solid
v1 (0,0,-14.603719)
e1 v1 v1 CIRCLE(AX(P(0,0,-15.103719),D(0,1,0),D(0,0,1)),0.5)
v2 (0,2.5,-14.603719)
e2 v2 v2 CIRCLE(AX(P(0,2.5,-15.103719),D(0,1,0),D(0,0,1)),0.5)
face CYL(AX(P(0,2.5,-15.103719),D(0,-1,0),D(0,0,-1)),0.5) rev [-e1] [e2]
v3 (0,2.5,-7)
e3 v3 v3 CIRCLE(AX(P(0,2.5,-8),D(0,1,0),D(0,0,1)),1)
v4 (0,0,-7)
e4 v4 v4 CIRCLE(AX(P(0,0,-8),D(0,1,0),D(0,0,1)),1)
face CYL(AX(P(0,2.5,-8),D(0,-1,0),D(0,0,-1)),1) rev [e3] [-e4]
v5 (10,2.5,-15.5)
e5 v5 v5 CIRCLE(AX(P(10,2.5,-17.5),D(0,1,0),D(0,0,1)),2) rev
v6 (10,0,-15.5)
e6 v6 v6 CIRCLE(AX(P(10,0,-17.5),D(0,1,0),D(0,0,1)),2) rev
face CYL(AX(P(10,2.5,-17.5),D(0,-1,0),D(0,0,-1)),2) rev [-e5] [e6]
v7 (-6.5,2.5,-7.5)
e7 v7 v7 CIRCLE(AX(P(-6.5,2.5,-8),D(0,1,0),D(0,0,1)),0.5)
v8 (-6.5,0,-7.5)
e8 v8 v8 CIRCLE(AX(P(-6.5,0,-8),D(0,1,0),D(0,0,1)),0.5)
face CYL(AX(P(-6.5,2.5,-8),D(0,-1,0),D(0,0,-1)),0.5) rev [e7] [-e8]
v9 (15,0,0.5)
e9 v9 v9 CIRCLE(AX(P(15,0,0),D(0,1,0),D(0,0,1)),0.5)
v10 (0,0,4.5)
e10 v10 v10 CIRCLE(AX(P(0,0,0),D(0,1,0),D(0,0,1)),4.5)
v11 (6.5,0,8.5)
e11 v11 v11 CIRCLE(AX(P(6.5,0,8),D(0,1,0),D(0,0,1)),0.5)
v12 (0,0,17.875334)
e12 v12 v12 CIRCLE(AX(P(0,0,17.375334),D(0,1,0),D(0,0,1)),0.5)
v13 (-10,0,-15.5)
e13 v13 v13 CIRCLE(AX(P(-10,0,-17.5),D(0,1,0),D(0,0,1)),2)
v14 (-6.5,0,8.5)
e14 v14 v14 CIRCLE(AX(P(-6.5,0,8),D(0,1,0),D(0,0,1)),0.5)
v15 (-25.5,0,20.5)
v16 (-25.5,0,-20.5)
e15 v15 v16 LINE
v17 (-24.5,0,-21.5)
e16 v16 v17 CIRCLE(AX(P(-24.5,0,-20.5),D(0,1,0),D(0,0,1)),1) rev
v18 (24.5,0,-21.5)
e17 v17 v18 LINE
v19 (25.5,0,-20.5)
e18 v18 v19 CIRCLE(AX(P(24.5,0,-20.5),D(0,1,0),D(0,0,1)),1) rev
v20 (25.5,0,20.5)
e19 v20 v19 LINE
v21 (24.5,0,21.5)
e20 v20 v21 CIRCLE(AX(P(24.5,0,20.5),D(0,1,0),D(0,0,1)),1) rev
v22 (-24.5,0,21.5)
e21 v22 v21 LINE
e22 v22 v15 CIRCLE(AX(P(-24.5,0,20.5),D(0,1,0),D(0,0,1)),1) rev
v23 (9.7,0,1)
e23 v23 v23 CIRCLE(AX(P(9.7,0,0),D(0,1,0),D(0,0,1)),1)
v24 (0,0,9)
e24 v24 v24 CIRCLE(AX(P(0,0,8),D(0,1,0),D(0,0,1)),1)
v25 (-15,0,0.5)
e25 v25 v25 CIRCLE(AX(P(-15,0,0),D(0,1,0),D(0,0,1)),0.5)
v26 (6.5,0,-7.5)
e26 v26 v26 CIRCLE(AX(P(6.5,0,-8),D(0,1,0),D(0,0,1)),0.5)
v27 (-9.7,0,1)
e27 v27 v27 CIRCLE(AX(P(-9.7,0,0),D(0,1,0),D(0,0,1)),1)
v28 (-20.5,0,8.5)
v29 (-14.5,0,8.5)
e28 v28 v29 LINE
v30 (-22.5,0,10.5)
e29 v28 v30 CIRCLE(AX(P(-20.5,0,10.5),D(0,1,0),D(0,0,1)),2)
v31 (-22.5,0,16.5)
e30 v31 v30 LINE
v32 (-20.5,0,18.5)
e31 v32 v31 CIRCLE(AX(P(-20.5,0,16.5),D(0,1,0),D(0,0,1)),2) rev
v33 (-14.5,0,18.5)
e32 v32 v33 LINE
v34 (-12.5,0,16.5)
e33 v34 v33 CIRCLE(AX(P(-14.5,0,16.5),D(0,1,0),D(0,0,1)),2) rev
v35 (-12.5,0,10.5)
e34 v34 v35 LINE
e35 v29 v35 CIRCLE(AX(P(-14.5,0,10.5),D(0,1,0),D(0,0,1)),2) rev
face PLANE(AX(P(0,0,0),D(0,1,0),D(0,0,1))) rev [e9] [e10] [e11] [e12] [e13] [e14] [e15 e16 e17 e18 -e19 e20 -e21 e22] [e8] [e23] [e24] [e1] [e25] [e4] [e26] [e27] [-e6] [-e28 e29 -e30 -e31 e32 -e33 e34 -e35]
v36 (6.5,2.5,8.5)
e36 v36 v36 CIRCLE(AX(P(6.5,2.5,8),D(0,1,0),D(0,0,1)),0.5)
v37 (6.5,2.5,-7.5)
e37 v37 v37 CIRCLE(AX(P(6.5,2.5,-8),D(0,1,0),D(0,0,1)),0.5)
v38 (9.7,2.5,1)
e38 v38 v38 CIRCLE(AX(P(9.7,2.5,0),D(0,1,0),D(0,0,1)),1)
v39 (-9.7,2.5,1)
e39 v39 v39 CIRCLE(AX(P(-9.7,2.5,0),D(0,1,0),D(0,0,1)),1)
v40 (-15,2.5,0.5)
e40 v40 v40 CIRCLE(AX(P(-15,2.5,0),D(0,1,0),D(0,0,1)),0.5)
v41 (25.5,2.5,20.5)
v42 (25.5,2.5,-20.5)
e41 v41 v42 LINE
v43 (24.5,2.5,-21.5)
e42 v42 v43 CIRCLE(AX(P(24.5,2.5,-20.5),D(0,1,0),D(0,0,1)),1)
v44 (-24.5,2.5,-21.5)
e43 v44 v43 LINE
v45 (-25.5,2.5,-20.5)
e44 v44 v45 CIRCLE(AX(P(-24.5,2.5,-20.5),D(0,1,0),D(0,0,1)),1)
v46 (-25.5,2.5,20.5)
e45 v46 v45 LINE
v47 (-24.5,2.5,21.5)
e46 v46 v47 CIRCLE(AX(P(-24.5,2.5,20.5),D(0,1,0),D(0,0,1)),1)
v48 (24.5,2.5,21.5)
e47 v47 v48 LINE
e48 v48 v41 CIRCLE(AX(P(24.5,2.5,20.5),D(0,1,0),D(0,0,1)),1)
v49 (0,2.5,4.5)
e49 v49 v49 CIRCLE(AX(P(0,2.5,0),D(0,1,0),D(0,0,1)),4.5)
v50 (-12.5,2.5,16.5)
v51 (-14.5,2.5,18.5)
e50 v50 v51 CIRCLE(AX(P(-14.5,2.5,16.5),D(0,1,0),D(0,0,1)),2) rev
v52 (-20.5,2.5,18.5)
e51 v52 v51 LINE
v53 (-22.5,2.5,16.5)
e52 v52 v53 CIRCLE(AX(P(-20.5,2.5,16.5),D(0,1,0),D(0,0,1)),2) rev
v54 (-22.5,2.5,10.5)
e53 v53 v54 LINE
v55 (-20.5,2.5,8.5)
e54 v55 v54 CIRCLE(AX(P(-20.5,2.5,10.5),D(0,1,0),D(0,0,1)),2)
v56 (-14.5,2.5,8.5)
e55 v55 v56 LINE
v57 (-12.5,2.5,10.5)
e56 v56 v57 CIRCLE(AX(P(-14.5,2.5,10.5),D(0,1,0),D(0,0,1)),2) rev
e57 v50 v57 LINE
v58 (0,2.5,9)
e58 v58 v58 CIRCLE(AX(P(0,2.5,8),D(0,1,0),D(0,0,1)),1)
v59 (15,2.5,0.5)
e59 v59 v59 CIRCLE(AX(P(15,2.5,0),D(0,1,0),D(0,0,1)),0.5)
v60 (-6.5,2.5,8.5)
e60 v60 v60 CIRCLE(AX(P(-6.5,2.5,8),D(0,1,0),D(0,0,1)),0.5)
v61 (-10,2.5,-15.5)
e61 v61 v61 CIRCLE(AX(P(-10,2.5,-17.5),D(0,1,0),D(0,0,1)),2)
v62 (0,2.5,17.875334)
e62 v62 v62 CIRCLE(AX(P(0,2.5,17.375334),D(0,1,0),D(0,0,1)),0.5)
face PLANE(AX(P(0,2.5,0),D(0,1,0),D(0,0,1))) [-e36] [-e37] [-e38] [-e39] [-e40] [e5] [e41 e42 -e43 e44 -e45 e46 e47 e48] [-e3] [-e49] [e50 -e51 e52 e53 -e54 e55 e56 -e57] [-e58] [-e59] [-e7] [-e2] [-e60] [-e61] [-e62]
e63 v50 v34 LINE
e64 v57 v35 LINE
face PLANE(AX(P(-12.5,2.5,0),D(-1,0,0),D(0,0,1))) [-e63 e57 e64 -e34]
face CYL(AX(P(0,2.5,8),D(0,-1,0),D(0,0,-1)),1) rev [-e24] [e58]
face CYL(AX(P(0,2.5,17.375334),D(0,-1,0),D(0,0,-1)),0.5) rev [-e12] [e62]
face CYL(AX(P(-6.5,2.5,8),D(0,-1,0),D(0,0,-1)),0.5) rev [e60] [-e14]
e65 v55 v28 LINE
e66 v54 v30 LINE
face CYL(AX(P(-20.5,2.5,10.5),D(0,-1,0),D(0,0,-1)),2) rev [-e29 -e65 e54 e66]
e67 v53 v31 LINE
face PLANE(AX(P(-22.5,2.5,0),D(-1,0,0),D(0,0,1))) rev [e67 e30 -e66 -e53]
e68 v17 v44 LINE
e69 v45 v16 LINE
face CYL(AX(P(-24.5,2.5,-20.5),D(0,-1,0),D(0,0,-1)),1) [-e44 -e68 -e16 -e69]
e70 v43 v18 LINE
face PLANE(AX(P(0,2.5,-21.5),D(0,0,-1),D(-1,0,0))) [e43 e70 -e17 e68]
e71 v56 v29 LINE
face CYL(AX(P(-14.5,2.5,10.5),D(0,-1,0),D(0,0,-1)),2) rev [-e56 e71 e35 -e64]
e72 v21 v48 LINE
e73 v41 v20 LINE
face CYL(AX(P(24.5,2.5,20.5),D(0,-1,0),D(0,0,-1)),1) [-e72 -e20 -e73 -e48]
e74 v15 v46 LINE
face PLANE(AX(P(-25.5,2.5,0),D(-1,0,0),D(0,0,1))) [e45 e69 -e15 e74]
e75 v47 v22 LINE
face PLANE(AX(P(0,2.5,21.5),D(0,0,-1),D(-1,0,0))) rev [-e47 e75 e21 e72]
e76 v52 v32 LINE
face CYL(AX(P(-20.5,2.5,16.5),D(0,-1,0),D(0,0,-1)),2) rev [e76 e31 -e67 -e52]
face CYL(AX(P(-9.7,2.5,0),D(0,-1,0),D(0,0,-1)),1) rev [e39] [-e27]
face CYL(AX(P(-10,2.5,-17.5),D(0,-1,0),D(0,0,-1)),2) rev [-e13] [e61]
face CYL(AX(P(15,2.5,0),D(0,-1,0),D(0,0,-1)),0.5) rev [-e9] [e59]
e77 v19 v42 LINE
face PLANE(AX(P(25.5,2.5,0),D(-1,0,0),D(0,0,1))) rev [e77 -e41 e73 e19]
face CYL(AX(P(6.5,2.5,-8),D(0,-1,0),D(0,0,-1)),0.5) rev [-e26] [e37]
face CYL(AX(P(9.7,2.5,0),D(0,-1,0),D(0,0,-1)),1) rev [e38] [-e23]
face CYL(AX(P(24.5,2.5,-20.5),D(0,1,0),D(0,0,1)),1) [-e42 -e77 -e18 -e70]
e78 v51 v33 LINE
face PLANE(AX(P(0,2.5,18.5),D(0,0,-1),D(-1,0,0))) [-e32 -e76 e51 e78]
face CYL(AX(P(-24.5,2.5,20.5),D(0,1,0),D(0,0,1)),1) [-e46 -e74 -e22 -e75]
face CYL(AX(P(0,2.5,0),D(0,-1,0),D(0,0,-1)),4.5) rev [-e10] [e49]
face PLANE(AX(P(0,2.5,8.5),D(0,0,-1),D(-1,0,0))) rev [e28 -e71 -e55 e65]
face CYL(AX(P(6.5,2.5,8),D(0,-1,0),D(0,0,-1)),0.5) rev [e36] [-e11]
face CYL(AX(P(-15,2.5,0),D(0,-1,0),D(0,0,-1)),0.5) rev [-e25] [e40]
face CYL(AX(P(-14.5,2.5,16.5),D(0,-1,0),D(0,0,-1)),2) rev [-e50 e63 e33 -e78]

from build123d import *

# Parameters (mm, degrees)
SKETCH1_W           = 51
SKETCH1_H           = 43
SKETCH1_R           = 4.5
SKETCH1_R_2         = 1
SKETCH1_R_3         = 2
SKETCH1_R_4         = 0.5
BOSS_EXTRUDE1_DEPTH = 2.5
FILLET1_R           = 1


with BuildPart() as part:
    # Sketch1 → Boss-Extrude1 (new body)
    with BuildSketch(Plane(origin=(0, 0, 0), x_dir=(1, 0, 0), z_dir=(0, 1, 0))):
        Rectangle(SKETCH1_W, SKETCH1_H)
        with Locations(Location((0, 0, 0), (0, 0, 270))):
            Circle(SKETCH1_R, mode=Mode.SUBTRACT)
        with Locations(Location((9.7, 0, 0), (0, 0, 270))):
            Circle(SKETCH1_R_2, mode=Mode.SUBTRACT)
        with Locations(Location((-9.7, 0, 0), (0, 0, 270))):
            Circle(SKETCH1_R_2, mode=Mode.SUBTRACT)
        with Locations(Location((0, 8, 0), (0, 0, 270))):
            Circle(SKETCH1_R_2, mode=Mode.SUBTRACT)
        with Locations(Location((0, -8, 0), (0, 0, 270))):
            Circle(SKETCH1_R_2, mode=Mode.SUBTRACT)
        with Locations(Location((-10, 17.5, 0), (0, 0, 270))):
            Circle(SKETCH1_R_3, mode=Mode.SUBTRACT)
        with Locations(Location((10, 17.5, 0), (0, 0, 270))):
            Circle(SKETCH1_R_3, mode=Mode.SUBTRACT)
        with Locations(Location((-15, 0, 0), (0, 0, 270))):
            Circle(SKETCH1_R_4, mode=Mode.SUBTRACT)
        with Locations(Location((15, 0, 0), (0, 0, 270))):
            Circle(SKETCH1_R_4, mode=Mode.SUBTRACT)
        with Locations(Location((0, -17.375333522, 0), (0, 0, 270))):
            Circle(SKETCH1_R_4, mode=Mode.SUBTRACT)
        with Locations(Location((0, 15.103719109, 0), (0, 0, 270))):
            Circle(SKETCH1_R_4, mode=Mode.SUBTRACT)
        with Locations(Location((6.5, 8, 0), (0, 0, 270))):
            Circle(SKETCH1_R_4, mode=Mode.SUBTRACT)
        with Locations(Location((-6.5, 8, 0), (0, 0, 270))):
            Circle(SKETCH1_R_4, mode=Mode.SUBTRACT)
        with Locations(Location((-6.5, -8, 0), (0, 0, 270))):
            Circle(SKETCH1_R_4, mode=Mode.SUBTRACT)
        with Locations(Location((6.5, -8, 0), (0, 0, 270))):
            Circle(SKETCH1_R_4, mode=Mode.SUBTRACT)
        with BuildLine():
            Line((-20.5, -18.5), (-14.5, -18.5))
            ThreePointArc((-14.5, -18.5), (-13.085786438, -17.914213562), (-12.5, -16.5))
            Line((-12.5, -16.5), (-12.5, -10.5))
            ThreePointArc((-12.5, -10.5), (-13.085786438, -9.085786438), (-14.5, -8.5))
            Line((-14.5, -8.5), (-20.5, -8.5))
            ThreePointArc((-20.5, -8.5), (-21.914213562, -9.085786438), (-22.5, -10.5))
            Line((-22.5, -10.5), (-22.5, -16.5))
            ThreePointArc((-22.5, -16.5), (-21.914213562, -17.914213562), (-20.5, -18.5))
        make_face(mode=Mode.SUBTRACT)
    extrude(amount=BOSS_EXTRUDE1_DEPTH)

    # Fillet1
    fillet1_edges = [part.edges().sort_by_distance(p)[0] for p in [
        (25.5, 1.25, -21.5),
        (25.5, 1.25, 21.5),
        (-25.5, 1.25, 21.5),
        (-25.5, 1.25, -21.5),
    ]]
    fillet(fillet1_edges, radius=FILLET1_R)


solid = part.part
